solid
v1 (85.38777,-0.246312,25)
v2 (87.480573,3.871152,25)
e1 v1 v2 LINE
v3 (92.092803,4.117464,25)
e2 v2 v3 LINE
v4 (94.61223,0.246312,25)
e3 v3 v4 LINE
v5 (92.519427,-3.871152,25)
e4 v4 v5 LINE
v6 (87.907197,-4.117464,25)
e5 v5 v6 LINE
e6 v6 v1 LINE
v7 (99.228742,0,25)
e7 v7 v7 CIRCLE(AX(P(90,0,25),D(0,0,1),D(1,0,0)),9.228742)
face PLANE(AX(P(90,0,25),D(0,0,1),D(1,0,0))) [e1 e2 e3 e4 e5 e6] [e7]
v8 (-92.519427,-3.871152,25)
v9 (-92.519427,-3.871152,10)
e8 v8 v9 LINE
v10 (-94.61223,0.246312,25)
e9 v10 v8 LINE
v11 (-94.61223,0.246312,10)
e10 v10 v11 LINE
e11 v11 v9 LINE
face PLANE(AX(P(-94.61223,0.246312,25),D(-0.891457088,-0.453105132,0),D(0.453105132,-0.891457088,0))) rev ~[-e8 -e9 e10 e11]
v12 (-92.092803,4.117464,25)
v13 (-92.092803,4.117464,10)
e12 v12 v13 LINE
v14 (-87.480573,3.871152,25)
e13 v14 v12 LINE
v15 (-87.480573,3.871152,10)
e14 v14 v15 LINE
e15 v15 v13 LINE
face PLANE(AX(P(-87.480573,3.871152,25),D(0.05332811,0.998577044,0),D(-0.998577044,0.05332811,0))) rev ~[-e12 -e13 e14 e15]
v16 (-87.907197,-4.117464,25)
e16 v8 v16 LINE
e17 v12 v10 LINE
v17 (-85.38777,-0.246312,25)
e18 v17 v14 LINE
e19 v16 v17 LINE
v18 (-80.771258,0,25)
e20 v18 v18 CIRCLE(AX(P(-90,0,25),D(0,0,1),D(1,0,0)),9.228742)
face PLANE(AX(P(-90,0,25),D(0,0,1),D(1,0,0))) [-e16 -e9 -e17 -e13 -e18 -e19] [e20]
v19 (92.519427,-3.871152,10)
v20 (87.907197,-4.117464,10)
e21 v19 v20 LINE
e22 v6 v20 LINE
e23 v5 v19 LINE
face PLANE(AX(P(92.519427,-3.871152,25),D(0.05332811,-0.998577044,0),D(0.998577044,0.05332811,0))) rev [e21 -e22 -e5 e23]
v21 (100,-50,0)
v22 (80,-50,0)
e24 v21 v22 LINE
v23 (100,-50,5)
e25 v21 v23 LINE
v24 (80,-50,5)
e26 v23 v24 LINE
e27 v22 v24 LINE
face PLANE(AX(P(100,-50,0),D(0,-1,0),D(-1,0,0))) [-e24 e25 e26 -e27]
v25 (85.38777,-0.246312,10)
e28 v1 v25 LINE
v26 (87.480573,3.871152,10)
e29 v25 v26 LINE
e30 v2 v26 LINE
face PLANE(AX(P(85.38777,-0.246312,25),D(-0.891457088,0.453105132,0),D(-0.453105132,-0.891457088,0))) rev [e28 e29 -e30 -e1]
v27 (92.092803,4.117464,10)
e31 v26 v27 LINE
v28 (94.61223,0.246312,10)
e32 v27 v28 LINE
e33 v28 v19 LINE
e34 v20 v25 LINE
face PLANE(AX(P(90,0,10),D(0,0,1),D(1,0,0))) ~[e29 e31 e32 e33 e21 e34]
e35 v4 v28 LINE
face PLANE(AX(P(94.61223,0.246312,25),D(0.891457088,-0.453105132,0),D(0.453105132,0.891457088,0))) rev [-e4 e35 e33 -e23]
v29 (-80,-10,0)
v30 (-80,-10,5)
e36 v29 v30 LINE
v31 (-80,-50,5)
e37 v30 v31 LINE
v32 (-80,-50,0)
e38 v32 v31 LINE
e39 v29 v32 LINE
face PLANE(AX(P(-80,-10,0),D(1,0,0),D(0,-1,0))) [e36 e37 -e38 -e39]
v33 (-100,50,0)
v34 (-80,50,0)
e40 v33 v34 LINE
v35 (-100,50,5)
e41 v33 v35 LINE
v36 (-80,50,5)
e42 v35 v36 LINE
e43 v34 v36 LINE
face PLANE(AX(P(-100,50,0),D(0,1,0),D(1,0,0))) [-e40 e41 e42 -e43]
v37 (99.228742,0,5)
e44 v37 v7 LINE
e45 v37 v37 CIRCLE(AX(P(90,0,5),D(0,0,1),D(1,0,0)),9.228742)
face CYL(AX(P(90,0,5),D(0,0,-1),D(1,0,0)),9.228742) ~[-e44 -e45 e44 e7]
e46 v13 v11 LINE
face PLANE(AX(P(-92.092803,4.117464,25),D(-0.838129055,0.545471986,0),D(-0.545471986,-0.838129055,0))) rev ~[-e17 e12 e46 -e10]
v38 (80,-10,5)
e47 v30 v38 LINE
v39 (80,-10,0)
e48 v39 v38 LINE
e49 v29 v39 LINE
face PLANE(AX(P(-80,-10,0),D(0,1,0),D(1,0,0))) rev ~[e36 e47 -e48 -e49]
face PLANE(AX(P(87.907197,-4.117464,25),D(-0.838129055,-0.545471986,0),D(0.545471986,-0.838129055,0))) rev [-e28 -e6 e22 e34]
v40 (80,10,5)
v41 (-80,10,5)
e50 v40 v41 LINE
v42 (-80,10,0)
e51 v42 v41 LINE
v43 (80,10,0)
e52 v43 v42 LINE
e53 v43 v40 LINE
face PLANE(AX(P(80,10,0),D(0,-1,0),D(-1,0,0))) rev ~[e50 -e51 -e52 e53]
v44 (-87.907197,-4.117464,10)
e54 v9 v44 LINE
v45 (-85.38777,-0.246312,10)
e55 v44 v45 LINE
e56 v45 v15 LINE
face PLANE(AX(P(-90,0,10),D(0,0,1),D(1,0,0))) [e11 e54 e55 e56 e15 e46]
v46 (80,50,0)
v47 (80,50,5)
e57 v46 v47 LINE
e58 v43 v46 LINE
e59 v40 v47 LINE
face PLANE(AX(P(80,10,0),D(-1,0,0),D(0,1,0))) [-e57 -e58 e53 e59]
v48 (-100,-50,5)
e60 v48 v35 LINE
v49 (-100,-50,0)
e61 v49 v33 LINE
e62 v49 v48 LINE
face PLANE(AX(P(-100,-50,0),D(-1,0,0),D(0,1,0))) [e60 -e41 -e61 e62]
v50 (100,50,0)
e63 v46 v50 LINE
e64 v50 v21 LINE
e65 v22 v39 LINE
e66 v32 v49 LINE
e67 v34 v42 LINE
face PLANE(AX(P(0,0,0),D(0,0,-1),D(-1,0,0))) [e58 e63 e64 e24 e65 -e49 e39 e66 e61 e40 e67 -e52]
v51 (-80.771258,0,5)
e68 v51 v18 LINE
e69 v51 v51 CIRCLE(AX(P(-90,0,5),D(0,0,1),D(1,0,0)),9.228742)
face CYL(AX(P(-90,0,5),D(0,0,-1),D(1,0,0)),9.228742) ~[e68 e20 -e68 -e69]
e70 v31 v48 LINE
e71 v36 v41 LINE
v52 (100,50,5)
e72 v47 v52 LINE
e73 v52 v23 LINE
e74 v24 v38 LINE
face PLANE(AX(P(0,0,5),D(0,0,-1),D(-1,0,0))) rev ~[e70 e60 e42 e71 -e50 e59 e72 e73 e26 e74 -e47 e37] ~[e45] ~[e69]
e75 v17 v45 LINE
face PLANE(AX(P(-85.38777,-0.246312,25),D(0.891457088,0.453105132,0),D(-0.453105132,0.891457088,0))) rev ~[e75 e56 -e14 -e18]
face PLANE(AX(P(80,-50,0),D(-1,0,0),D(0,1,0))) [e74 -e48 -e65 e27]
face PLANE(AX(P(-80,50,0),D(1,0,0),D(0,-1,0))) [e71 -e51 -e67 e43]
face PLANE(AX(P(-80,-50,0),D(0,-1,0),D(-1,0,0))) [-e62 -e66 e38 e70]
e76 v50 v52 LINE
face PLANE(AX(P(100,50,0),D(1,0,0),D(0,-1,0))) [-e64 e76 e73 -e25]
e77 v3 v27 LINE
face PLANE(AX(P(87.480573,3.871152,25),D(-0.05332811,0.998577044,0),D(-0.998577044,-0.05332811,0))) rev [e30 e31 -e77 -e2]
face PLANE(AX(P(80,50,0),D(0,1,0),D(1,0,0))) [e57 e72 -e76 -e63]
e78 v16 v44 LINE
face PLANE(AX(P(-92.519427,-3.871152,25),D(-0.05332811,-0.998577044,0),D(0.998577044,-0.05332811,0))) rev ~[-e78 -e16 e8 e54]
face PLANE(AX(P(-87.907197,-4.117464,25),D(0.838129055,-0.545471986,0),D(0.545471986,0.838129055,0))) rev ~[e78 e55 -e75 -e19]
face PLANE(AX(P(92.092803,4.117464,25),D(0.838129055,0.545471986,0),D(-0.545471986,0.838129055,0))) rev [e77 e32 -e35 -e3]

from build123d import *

# Parameters (mm, degrees)
PAD_DEPTH    = 5
SKETCH002_R  = 9.228742
PAD001_DEPTH = 20
POCKET_DEPTH = 15


with BuildPart() as part:
    # Sketch001 → Pad (new body)
    with BuildSketch(Plane.XY):
        Polygon((0, 10), (80, 10), (80, 50), (100, 50), (100, -50), (80, -50), (80, -10), (0, -10), (-80, -10), (-80, -50), (-100, -50), (-100, 50), (-80, 50), (-80, 10), align=None)
    extrude(amount=PAD_DEPTH)

    # Sketch002 → Pad001 (new body)
    with BuildSketch(Plane.XY.offset(5)):
        with Locations((90, 0)):
            Circle(SKETCH002_R)
        with Locations((-90, 0)):
            Circle(SKETCH002_R)
    extrude(amount=PAD001_DEPTH)

    # Sketch003 → Pocket (cut)
    with BuildSketch(Plane.XY.offset(25)):
        Polygon((-87.480573, 3.871152), (-92.092803, 4.117464), (-94.61223, 0.246312), (-92.519427, -3.871152), (-87.907197, -4.117464), (-85.38777, -0.246312), align=None)
    pocket = extrude(amount=-POCKET_DEPTH, mode=Mode.SUBTRACT)

    # Mirrored: Pocket across Sketch003 V_Axis
    add(pocket.mirror(Plane(origin=(0, 0, 25), x_dir=(0, 0, 1), z_dir=(1, 0, 0))), mode=Mode.SUBTRACT)


solid = part.part
